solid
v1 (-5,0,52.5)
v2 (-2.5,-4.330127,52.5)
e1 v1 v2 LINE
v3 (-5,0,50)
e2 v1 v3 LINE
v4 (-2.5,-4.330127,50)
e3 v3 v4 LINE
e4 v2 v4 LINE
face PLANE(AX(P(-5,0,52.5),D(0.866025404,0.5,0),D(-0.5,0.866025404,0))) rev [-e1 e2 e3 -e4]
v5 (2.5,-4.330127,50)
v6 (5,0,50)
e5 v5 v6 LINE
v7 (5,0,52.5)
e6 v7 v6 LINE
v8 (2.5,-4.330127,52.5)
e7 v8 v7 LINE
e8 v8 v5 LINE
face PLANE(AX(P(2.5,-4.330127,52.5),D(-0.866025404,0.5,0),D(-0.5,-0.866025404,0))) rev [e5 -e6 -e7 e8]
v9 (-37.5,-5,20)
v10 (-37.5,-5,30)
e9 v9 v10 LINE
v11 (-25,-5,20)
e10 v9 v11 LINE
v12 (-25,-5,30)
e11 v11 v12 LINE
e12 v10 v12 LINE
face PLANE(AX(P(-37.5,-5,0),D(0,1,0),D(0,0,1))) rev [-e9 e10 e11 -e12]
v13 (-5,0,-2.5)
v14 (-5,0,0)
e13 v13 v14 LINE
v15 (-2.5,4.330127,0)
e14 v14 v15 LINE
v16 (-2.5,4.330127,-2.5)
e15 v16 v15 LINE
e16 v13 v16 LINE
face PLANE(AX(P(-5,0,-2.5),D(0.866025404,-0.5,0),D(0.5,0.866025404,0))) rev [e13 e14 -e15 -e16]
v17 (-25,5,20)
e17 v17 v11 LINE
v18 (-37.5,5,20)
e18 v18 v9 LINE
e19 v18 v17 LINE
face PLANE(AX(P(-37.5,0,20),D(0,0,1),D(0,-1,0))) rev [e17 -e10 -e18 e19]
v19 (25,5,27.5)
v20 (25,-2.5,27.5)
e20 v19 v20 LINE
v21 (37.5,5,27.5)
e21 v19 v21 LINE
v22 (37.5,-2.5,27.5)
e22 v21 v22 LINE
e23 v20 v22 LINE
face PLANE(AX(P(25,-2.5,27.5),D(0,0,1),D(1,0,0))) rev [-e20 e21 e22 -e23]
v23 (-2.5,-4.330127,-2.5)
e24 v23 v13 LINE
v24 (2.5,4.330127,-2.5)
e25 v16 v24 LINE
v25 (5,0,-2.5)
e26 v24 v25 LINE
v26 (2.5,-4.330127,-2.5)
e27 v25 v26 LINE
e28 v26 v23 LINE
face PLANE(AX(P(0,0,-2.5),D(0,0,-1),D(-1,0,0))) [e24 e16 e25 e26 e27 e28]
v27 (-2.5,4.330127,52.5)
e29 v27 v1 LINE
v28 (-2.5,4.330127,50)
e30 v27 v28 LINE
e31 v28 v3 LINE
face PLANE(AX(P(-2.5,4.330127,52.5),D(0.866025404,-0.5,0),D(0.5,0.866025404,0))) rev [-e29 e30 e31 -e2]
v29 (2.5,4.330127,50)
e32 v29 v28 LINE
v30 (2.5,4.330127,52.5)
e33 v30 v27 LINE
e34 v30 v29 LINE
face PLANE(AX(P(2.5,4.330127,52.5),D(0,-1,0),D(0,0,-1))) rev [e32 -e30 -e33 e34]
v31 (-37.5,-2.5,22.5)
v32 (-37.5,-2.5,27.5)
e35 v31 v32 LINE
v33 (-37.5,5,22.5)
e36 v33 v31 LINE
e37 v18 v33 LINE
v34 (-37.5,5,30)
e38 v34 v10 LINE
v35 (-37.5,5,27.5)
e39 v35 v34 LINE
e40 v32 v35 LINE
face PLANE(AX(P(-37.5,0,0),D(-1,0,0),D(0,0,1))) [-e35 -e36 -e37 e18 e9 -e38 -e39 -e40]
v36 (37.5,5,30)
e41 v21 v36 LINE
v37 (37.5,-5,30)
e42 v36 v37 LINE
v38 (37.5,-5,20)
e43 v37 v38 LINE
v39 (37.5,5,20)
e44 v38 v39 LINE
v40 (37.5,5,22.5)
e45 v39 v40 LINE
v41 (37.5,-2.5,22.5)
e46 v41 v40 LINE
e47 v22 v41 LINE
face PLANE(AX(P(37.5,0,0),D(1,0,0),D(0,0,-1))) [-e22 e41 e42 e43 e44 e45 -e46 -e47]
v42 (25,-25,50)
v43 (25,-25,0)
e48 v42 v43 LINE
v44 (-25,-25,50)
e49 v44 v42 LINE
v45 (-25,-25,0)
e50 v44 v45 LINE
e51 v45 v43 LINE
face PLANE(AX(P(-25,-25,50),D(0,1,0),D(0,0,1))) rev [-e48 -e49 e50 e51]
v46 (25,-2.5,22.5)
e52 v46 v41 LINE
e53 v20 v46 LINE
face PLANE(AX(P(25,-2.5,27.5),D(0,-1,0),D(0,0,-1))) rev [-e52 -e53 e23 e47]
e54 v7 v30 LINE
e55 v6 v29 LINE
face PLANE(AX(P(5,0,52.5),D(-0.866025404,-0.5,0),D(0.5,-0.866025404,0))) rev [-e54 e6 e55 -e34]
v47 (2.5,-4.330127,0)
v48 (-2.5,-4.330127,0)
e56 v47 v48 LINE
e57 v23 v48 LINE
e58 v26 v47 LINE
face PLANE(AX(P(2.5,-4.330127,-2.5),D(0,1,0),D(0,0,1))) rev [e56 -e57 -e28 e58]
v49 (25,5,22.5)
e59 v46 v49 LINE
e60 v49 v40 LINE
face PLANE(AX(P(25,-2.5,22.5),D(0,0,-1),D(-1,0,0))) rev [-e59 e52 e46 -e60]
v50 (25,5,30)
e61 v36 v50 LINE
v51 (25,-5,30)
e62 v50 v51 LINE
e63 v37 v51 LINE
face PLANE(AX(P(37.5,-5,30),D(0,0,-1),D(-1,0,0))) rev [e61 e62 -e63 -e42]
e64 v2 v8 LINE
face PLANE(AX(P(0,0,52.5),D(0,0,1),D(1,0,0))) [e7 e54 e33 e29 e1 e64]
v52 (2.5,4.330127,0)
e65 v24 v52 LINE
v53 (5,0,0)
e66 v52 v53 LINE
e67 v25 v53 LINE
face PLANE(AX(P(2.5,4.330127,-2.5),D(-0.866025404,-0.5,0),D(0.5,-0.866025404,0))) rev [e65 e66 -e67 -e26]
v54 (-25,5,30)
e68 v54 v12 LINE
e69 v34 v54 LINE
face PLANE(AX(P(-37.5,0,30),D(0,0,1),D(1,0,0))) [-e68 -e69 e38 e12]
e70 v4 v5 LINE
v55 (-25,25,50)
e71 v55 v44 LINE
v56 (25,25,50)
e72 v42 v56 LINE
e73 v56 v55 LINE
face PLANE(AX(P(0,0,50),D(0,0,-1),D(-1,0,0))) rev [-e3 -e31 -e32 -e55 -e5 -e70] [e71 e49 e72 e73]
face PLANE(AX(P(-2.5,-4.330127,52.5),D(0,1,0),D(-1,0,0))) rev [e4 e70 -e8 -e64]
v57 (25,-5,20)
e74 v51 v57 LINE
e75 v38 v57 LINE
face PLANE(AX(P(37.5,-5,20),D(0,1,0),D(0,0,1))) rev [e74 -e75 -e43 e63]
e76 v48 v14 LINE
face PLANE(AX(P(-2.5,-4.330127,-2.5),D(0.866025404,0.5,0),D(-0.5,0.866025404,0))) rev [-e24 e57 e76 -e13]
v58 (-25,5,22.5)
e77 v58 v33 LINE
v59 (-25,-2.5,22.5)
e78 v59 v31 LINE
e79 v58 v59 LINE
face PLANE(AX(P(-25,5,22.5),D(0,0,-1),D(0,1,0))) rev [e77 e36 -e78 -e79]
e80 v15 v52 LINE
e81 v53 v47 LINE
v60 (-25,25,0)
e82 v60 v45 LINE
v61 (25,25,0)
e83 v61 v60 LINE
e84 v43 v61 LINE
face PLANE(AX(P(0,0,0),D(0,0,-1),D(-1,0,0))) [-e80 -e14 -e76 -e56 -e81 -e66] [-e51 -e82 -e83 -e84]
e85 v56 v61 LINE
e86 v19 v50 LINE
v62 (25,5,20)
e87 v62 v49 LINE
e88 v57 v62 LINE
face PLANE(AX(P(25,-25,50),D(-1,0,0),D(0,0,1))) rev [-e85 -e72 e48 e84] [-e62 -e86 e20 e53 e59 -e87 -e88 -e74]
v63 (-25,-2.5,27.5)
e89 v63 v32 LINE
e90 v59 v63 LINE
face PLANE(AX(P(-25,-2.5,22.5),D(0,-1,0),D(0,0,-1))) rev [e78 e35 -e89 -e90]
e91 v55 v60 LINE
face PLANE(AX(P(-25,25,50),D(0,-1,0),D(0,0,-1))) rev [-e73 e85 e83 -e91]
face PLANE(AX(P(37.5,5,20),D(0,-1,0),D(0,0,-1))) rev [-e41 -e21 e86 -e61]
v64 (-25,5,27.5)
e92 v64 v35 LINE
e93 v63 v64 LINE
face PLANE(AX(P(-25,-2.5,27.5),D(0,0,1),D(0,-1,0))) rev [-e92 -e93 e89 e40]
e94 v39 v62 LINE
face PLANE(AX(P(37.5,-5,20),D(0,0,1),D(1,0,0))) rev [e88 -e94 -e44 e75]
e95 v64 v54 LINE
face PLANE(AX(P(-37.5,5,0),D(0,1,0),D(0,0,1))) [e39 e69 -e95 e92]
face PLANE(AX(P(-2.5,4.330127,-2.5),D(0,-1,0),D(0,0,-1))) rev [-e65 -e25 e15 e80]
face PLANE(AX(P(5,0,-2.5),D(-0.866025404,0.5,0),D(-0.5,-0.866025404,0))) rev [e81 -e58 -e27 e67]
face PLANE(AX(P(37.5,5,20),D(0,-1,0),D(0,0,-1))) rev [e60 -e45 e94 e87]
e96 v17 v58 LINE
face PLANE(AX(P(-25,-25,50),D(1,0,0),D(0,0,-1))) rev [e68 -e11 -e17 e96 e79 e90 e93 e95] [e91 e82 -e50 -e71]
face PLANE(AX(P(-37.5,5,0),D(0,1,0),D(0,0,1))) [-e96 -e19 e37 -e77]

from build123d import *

# Parameters (mm, degrees)
SKETCH1_W           = 50
SKETCH1_H           = 50
BOSS_EXTRUDE1_DEPTH = 50
SKETCH2_W           = 5
SKETCH2_H           = 5
BOSS_EXTRUDE2_DEPTH = 12.5
SKETCH3_W           = 5
SKETCH3_H           = 7.5
CUT_EXTRUDE1_DEPTH  = 12.5
SKETCH6_W           = 10
SKETCH6_H           = 10
BOSS_EXTRUDE3_DEPTH = 12.5
SKETCH7_W           = 5
SKETCH7_H           = 7.5
CUT_EXTRUDE2_DEPTH  = 12.5
BOSS_EXTRUDE5_DEPTH = 2.5
BOSS_EXTRUDE6_DEPTH = 2.5


with BuildPart() as part:
    # Sketch1 → Boss-Extrude1 (new body)
    with BuildSketch(Plane.XY):
        Rectangle(SKETCH1_W, SKETCH1_H)
    extrude(amount=BOSS_EXTRUDE1_DEPTH)

    # Sketch2 → Boss-Extrude2 (add)
    with BuildSketch(Plane.ZY.offset(25)):
        with Locations((27.5, -2.5)):
            Rectangle(SKETCH2_W, SKETCH2_H)
        with Locations((22.5, -2.5)):
            Rectangle(SKETCH2_W, SKETCH2_H)
        with Locations((22.5, 2.5)):
            Rectangle(SKETCH2_W, SKETCH2_H)
        with Locations((27.5, 2.5)):
            Rectangle(SKETCH2_W, SKETCH2_H)
    extrude(amount=BOSS_EXTRUDE2_DEPTH)

    # Sketch3 → Cut-Extrude1 (cut)
    with BuildSketch(Plane.ZY.offset(37.5)):
        with Locations((25, 1.25)):
            Rectangle(SKETCH3_W, SKETCH3_H)
    extrude(amount=-CUT_EXTRUDE1_DEPTH, mode=Mode.SUBTRACT)

    # Sketch6 → Boss-Extrude3 (add)
    with BuildSketch(Plane(origin=(25, 0, 0), x_dir=(0, 0, -1), z_dir=(1, 0, 0))):
        with Locations((-25, 0)):
            Rectangle(SKETCH6_W, SKETCH6_H)
    extrude(amount=BOSS_EXTRUDE3_DEPTH)

    # Sketch7 → Cut-Extrude2 (cut)
    with BuildSketch(Plane(origin=(37.5, 0, 0), x_dir=(0, 0, -1), z_dir=(1, 0, 0))):
        with Locations((-25, 1.25)):
            Rectangle(SKETCH7_W, SKETCH7_H)
    extrude(amount=-CUT_EXTRUDE2_DEPTH, mode=Mode.SUBTRACT)

    # Sketch16 → Boss-Extrude5 (add)
    with BuildSketch(Plane.XY.offset(50)):
        Polygon((5, 0), (2.5, 4.330127019), (-2.5, 4.330127019), (-5, 0), (-2.5, -4.330127019), (2.5, -4.330127019), align=None)
    extrude(amount=BOSS_EXTRUDE5_DEPTH)

    # Sketch17 → Boss-Extrude6 (add)
    with BuildSketch(Plane(origin=(0, 0, 0), x_dir=(-1, 0, 0), z_dir=(0, 0, -1))):
        Polygon((5, 0), (2.5, 4.330127019), (-2.5, 4.330127019), (-5, 0), (-2.5, -4.330127019), (2.5, -4.330127019), align=None)
    extrude(amount=BOSS_EXTRUDE6_DEPTH)


solid = part.part
